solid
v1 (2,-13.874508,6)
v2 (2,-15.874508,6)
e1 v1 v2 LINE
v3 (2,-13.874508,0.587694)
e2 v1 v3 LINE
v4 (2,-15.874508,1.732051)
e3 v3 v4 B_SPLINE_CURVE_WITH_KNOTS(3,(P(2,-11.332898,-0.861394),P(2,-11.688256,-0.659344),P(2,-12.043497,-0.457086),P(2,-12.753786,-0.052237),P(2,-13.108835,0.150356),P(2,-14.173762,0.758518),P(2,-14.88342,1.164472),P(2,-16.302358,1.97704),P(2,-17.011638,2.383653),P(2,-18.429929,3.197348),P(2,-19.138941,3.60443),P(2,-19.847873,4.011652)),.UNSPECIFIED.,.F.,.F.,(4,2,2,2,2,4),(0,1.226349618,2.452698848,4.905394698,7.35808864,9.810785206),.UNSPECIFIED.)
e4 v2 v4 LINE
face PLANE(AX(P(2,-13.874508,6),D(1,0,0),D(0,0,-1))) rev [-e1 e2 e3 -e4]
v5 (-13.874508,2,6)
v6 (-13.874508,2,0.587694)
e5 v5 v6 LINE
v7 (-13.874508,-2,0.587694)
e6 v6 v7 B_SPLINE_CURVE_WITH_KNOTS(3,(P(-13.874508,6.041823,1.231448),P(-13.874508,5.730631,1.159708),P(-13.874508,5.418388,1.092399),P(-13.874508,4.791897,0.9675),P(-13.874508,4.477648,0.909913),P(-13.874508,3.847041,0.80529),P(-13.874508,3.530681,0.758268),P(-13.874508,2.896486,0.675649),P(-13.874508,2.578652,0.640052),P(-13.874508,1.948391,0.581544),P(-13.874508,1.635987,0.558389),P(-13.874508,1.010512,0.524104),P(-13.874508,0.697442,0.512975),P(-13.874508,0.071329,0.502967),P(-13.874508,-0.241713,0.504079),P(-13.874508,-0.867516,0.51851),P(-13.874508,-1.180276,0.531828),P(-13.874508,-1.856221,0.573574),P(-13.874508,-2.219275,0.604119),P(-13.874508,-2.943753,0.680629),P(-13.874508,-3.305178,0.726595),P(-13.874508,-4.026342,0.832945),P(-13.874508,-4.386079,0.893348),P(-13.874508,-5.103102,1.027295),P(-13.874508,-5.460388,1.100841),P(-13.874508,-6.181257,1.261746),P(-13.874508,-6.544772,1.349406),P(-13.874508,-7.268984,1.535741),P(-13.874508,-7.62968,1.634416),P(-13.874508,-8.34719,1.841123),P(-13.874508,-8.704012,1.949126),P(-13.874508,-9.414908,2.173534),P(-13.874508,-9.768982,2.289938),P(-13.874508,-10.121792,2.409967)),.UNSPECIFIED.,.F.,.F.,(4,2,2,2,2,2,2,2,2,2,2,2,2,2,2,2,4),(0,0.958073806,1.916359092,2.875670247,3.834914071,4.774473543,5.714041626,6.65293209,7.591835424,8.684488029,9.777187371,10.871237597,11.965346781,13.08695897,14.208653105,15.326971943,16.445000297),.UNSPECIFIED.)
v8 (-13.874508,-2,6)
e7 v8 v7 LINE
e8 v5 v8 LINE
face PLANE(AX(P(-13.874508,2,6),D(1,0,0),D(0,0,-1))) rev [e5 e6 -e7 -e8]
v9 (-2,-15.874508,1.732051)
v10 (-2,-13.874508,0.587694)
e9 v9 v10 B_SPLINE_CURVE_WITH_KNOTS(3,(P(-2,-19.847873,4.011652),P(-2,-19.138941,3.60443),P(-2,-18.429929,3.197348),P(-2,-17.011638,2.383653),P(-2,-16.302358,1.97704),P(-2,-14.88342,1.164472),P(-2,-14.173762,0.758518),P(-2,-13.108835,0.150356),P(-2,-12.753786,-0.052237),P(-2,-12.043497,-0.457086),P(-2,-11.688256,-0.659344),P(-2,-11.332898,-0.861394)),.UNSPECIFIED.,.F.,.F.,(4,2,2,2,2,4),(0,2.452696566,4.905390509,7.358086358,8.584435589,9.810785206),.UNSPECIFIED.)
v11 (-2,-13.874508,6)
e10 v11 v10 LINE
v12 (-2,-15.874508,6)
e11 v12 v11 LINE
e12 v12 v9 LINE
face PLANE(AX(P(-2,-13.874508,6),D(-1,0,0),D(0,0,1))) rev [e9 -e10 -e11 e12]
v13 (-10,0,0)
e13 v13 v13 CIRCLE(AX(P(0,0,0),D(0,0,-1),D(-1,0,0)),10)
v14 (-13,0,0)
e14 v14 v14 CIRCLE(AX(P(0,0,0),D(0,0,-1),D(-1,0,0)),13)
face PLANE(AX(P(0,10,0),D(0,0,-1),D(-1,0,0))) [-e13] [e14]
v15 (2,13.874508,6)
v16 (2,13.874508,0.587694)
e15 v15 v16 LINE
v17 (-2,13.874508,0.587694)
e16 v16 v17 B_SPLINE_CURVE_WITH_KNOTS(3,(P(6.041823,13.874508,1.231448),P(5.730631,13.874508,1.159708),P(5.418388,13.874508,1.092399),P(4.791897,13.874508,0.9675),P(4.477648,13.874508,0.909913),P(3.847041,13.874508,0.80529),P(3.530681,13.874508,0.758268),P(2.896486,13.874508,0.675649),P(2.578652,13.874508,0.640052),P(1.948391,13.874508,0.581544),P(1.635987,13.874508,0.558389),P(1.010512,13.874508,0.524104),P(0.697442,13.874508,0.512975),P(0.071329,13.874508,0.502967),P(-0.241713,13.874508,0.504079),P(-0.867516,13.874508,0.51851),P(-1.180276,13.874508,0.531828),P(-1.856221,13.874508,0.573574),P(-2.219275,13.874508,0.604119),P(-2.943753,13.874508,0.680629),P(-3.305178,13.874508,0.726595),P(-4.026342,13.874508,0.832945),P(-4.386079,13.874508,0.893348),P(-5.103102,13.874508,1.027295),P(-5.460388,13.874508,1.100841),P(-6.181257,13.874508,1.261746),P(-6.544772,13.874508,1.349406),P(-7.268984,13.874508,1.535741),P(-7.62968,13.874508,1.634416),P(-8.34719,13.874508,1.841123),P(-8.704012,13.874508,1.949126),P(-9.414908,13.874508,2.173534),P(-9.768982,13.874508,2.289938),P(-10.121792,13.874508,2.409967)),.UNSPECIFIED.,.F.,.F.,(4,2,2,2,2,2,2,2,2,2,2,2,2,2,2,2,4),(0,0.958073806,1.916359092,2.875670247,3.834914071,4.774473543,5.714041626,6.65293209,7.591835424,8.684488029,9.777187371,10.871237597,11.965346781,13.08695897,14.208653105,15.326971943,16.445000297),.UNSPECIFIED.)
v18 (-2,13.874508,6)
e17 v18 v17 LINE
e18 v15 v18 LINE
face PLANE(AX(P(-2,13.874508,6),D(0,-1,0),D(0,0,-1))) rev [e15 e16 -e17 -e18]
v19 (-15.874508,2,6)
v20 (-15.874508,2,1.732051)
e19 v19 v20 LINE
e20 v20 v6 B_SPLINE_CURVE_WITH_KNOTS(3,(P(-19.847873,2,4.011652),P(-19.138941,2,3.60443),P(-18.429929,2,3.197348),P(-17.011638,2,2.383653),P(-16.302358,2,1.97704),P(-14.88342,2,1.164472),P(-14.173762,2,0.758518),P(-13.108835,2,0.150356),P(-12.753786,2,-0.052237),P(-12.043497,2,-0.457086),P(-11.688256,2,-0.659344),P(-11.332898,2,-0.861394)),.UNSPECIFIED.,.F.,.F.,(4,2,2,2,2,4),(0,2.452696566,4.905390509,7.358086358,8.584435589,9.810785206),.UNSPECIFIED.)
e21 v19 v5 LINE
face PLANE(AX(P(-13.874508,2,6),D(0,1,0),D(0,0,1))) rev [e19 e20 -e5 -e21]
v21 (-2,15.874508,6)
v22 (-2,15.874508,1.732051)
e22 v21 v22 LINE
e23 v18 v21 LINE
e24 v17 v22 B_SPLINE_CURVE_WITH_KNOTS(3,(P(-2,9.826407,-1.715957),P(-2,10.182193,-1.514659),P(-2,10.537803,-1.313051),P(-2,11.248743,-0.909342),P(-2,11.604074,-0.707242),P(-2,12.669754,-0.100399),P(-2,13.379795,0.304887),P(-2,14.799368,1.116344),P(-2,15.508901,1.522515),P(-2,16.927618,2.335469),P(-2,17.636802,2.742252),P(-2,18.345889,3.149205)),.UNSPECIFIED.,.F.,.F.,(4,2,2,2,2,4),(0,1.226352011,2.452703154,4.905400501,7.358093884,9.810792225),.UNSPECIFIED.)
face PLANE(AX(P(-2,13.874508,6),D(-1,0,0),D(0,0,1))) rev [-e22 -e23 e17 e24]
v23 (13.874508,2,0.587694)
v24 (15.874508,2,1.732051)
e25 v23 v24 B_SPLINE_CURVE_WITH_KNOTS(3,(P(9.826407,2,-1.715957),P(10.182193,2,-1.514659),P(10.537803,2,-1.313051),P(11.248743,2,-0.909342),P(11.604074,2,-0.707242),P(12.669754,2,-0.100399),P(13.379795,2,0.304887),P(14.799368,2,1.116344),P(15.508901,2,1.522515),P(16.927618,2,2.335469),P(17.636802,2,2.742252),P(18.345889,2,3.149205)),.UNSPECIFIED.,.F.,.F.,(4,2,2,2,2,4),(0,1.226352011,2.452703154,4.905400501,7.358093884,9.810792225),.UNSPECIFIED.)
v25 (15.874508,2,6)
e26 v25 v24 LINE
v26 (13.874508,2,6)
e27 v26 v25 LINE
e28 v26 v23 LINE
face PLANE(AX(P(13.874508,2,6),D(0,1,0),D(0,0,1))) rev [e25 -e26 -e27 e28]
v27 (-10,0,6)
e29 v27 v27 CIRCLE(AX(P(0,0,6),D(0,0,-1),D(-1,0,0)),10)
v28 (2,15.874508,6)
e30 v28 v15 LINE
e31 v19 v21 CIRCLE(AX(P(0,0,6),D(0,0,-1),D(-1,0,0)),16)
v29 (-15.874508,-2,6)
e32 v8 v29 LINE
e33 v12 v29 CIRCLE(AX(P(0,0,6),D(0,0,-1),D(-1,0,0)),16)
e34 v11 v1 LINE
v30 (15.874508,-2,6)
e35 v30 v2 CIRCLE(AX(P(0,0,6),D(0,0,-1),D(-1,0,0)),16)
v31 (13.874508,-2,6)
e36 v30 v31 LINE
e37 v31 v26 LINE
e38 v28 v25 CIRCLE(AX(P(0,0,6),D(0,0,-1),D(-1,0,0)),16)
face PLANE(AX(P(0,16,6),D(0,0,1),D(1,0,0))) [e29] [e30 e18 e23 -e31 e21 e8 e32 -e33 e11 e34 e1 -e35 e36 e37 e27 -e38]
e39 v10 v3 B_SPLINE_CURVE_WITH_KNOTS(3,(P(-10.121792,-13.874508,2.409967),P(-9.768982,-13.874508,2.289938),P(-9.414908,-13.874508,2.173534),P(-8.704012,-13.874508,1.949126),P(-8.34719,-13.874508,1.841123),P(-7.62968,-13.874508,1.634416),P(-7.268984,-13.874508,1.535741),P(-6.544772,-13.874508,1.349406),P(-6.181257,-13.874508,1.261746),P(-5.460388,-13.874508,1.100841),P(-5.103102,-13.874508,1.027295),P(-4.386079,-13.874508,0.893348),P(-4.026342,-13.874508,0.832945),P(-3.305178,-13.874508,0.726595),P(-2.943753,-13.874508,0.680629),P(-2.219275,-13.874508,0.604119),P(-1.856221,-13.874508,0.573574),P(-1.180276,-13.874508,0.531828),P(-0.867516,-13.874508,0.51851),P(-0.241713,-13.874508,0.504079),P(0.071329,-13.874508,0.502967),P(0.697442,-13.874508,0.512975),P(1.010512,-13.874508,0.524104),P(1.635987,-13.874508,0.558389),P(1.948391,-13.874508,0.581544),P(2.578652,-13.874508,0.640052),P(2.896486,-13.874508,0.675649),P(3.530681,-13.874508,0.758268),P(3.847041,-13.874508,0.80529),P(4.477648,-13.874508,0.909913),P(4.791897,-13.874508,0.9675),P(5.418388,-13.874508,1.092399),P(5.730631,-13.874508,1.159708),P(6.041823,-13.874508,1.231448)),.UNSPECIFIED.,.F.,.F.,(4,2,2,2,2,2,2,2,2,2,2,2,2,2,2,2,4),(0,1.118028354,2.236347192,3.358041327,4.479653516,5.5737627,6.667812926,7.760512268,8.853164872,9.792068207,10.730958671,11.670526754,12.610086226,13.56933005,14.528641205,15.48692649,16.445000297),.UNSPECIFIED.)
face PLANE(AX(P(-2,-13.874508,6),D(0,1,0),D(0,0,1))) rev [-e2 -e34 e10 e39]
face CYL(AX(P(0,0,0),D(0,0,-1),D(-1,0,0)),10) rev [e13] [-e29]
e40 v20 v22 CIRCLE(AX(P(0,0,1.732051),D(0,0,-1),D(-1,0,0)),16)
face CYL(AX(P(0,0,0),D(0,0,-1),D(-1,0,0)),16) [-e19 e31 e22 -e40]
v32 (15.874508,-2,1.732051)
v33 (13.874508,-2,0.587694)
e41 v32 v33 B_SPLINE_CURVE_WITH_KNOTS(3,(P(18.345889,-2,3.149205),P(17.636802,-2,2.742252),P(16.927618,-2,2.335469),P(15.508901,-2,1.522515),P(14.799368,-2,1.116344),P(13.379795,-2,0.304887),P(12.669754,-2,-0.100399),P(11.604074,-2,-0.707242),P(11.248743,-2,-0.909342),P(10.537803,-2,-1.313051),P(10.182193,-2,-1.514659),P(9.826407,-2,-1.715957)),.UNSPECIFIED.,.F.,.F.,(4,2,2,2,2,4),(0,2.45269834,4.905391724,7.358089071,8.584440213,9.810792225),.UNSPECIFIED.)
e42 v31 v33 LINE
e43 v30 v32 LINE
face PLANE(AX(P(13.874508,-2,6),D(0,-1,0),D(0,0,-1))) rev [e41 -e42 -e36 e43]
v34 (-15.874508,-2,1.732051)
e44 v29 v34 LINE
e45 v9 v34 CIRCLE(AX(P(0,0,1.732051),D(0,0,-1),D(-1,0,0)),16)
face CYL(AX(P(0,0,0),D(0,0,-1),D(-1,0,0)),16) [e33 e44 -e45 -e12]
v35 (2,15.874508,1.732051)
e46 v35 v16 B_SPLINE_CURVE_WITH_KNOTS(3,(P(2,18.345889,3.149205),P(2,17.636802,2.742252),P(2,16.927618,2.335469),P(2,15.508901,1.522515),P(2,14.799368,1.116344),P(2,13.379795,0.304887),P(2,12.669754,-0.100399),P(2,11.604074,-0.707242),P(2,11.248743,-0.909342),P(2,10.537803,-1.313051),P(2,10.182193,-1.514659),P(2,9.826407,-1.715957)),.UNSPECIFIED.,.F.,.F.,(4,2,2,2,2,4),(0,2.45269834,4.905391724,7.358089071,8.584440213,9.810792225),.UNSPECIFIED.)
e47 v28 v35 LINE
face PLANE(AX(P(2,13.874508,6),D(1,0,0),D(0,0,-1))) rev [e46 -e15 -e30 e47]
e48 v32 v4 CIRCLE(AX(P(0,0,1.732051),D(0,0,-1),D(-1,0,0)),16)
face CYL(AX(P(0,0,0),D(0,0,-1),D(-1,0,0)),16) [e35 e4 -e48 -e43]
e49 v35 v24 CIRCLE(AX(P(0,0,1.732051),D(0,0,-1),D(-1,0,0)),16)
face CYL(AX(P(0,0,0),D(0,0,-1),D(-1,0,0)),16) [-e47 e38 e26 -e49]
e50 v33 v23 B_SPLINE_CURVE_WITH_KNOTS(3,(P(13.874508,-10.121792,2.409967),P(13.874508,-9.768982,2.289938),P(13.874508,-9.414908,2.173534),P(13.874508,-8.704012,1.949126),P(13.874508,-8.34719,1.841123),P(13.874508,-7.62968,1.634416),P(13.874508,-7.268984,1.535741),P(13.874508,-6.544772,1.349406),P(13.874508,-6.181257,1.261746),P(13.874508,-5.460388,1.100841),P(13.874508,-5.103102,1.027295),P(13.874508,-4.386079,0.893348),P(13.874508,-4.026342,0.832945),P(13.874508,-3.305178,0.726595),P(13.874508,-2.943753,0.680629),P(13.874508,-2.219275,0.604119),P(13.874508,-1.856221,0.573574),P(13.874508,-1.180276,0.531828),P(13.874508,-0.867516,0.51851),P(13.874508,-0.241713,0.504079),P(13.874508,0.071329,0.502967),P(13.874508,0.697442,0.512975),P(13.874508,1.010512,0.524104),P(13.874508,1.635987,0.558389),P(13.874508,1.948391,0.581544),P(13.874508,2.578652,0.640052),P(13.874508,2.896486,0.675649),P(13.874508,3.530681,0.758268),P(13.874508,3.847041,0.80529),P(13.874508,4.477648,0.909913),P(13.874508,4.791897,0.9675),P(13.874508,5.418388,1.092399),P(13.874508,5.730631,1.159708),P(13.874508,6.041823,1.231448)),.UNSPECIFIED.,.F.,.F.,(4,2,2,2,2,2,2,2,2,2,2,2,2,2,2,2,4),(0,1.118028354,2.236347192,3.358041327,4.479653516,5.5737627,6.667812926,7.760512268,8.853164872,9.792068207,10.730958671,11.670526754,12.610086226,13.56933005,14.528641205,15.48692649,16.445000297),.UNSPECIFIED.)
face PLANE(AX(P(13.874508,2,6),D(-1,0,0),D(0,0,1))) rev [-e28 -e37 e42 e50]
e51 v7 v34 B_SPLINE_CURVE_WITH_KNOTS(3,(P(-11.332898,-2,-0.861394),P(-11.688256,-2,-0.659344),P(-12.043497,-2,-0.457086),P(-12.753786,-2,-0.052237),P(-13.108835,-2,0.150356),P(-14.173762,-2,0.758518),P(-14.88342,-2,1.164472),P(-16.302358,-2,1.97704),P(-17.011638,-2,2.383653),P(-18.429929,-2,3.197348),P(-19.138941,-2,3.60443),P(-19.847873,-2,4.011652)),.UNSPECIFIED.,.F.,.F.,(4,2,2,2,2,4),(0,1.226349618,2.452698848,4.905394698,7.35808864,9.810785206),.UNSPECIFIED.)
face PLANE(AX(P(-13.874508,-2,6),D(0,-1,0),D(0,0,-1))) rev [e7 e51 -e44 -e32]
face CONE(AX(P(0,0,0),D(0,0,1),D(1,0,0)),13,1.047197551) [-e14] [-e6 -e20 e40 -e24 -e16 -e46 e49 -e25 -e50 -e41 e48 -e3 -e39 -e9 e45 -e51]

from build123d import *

# Parameters (mm, degrees)
ESQUISSE2_OUTSIDE_W     = 43.13
ESQUISSE2_OUTSIDE_H     = 43.13
ENL_V_MAT_EXTRU_2_DEPTH = 24.409399821


with BuildPart() as part:
    # Esquisse1 → Base-Révolution (revolve)
    with BuildSketch(Plane(origin=(0, 0, 0), x_dir=(0, 0, -1), z_dir=(1, 0, 0)), mode=Mode.PRIVATE) as base_r_volution_sk:
        Polygon((0, 10), (0, 13), (-1.732050808, 16), (-6, 16), (-6, 10), align=None)
    revolve(base_r_volution_sk.sketch.rotate(Axis((0, 0, 0), (0, 0, 1)), 90), axis=Axis((0, 0, 0), (0, 0, 1)))

    # Esquisse2 outside → Enlèv. mat.-Extru.2 (cut, through all)
    with BuildSketch(Plane.XY):
        Rectangle(ESQUISSE2_OUTSIDE_W, ESQUISSE2_OUTSIDE_H)
        with BuildLine():
            Line((-2, 13.874507866), (2, 13.874507866))
            Line((2, 13.874507866), (2, 15.874507866))
            ThreePointArc((2, 15.874507866), (11.313708499, 11.313708499), (15.874507866, 2))
            Line((15.874507866, 2), (13.874507866, 2))
            Line((13.874507866, 2), (13.874507866, -2))
            Line((13.874507866, -2), (15.874507866, -2))
            ThreePointArc((15.874507866, -2), (11.313708499, -11.313708499), (2, -15.874507866))
            Line((2, -15.874507866), (2, -13.874507866))
            Line((2, -13.874507866), (-2, -13.874507866))
            Line((-2, -13.874507866), (-2, -15.874507866))
            ThreePointArc((-2, -15.874507866), (-11.313708499, -11.313708499), (-15.874507866, -2))
            Line((-15.874507866, -2), (-13.874507866, -2))
            Line((-13.874507866, -2), (-13.874507866, 2))
            Line((-13.874507866, 2), (-15.874507866, 2))
            ThreePointArc((-15.874507866, 2), (-11.313708499, 11.313708499), (-2, 15.874507866))
            Line((-2, 15.874507866), (-2, 13.874507866))
        make_face(mode=Mode.SUBTRACT)
    extrude(amount=ENL_V_MAT_EXTRU_2_DEPTH, mode=Mode.SUBTRACT)


solid = part.part
